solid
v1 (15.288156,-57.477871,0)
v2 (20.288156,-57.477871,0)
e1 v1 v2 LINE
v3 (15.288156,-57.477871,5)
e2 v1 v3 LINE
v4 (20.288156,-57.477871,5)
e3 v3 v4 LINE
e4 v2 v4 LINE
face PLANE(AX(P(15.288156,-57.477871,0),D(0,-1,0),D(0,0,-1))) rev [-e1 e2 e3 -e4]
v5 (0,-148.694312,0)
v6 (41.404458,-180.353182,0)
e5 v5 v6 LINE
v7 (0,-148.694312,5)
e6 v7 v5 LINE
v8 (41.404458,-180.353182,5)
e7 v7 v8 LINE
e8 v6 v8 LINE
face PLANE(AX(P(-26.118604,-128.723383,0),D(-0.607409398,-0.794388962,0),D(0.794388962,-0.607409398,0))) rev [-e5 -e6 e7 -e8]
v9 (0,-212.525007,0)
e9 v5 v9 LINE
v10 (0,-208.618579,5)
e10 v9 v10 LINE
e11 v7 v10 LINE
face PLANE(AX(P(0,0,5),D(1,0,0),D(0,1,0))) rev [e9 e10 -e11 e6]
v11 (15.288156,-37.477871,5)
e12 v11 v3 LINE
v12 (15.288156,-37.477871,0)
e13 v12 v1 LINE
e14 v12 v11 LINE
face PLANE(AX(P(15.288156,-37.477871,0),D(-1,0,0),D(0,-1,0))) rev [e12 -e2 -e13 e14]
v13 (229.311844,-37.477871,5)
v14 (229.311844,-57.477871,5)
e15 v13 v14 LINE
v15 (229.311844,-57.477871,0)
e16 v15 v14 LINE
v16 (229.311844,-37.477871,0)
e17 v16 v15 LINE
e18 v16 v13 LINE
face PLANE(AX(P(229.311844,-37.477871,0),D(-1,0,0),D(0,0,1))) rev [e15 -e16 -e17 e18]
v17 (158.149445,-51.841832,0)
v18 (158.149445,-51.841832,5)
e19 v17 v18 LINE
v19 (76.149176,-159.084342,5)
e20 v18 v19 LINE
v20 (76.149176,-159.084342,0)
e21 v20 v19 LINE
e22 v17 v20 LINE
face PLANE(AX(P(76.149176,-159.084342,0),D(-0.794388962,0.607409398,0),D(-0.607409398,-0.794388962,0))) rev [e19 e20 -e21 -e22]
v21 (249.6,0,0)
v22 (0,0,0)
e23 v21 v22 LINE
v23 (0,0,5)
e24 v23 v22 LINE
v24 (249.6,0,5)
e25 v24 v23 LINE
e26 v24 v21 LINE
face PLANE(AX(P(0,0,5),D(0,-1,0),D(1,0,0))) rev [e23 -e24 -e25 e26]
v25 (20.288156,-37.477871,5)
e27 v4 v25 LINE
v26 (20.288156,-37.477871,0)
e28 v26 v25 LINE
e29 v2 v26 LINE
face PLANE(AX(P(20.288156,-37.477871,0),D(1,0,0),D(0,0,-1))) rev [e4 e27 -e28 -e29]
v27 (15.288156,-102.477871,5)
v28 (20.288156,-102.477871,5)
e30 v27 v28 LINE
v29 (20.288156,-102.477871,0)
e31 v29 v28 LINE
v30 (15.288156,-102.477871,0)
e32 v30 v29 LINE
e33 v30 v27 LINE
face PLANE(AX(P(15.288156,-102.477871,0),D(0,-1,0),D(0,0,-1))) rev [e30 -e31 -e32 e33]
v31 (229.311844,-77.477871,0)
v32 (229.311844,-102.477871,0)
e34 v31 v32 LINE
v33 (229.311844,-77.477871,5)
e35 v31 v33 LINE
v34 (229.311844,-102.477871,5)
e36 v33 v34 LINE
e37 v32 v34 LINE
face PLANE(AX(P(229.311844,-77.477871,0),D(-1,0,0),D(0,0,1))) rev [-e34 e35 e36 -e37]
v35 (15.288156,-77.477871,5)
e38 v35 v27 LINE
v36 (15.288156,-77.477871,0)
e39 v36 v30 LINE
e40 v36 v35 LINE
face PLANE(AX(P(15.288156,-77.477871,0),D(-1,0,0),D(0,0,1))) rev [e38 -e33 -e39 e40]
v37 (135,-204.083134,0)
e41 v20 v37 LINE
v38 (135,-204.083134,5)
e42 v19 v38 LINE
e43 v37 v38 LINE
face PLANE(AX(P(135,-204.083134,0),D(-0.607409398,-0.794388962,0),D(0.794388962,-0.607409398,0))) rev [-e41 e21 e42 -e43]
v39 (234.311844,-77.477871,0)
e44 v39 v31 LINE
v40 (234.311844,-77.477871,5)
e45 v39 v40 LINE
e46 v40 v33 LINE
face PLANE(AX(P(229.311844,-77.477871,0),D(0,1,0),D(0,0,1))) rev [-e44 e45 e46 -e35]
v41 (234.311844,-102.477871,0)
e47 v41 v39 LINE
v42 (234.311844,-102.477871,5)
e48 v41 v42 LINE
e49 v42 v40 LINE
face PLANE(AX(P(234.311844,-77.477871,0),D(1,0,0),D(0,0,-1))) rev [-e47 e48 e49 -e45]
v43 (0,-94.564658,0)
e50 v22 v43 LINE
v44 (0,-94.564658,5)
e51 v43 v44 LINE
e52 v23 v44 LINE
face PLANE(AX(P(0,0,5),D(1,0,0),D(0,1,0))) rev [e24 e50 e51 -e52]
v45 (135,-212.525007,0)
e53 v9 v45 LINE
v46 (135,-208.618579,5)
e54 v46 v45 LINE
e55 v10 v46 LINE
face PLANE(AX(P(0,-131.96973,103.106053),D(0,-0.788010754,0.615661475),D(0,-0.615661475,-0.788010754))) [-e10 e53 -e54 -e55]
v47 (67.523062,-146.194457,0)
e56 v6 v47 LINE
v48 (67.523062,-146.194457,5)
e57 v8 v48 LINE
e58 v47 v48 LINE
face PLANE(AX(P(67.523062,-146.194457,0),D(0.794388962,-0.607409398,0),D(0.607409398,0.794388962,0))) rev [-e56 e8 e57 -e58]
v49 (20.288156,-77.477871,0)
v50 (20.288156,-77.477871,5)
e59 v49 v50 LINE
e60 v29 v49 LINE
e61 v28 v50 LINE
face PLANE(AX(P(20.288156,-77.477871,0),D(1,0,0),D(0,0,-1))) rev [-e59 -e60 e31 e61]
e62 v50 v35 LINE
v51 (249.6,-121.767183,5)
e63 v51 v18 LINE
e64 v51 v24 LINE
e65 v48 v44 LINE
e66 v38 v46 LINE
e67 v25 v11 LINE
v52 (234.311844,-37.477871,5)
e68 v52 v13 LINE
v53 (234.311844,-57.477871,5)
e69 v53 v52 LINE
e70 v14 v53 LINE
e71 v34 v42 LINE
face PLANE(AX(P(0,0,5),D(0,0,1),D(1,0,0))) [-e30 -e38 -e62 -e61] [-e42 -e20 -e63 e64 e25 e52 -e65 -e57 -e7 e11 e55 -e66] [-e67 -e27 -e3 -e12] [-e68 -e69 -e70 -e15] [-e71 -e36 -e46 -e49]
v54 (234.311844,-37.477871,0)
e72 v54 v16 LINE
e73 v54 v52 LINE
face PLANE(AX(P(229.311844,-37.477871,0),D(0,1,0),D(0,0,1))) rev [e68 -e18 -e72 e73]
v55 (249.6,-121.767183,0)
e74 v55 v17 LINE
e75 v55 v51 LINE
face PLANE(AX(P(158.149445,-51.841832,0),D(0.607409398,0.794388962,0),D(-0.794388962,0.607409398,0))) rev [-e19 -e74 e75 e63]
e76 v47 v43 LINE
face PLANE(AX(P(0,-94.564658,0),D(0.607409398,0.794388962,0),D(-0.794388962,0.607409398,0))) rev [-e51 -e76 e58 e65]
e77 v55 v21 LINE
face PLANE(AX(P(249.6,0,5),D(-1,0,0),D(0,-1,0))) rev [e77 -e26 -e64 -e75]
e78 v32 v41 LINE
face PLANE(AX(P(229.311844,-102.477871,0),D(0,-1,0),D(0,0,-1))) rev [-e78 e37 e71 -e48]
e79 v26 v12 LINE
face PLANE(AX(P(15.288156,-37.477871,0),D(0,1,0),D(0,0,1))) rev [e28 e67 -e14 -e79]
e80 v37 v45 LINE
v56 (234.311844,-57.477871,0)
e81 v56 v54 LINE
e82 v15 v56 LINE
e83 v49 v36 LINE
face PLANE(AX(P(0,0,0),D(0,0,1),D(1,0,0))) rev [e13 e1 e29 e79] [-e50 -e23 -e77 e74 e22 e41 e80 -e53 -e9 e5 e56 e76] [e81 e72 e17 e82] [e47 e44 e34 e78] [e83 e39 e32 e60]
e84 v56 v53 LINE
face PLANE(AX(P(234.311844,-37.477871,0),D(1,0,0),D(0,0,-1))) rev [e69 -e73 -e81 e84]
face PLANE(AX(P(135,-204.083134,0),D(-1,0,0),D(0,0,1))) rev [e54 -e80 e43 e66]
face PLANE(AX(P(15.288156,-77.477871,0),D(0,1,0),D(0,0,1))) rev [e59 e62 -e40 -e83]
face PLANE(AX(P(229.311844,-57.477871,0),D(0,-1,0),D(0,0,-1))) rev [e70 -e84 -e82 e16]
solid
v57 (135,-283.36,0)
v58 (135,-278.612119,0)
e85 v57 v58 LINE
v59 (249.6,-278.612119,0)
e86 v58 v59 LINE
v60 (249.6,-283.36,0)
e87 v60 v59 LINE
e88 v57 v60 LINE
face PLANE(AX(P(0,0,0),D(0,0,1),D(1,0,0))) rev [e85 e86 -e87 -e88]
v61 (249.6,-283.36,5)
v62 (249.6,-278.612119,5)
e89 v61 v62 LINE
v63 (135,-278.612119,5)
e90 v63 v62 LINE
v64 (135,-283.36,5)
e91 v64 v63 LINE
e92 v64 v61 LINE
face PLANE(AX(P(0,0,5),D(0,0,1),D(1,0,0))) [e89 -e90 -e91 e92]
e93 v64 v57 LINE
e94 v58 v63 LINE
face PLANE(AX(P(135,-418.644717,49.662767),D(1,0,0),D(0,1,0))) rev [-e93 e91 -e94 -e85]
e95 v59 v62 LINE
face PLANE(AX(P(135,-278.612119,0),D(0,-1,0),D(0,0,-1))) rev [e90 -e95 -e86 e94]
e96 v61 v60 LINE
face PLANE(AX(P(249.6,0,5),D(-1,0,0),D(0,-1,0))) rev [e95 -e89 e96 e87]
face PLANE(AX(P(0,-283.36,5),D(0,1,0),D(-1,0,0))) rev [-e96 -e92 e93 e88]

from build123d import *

# Parameters (mm, degrees)
SKETCH1_W           = 249.6
SKETCH1_H           = 283.36
BOSS_EXTRUDE1_DEPTH = 5
SKETCH3_W           = 135
SKETCH3_H           = 230.014345446
CUT_EXTRUDE1_DEPTH  = 193
CUT_EXTRUDE2_DEPTH  = 6
CUT_EXTRUDE3_DEPTH  = 6
SKETCH6_R           = 2.1
SKETCH6_R_2         = 4
CUT_EXTRUDE4_DEPTH  = 6
SKETCH7_W           = 5
SKETCH7_H           = 20
SKETCH7_H_2         = 25
CUT_EXTRUDE5_DEPTH  = 6


with BuildPart() as part:
    # Sketch1 → Boss-Extrude1 (new body)
    with BuildSketch(Plane.XY):
        with Locations((124.8, -141.68)):
            Rectangle(SKETCH1_W, SKETCH1_H)
    extrude(amount=BOSS_EXTRUDE1_DEPTH)

    # Sketch3 → Cut-Extrude1 (cut)
    with BuildSketch(Plane(origin=(0, -131.96972983, 103.10605305), x_dir=(1, 0, 0), z_dir=(0, 0.788010754, -0.615661475))):
        with Locations((67.5, 103.601456608)):
            Rectangle(SKETCH3_W, SKETCH3_H)
    extrude(amount=-CUT_EXTRUDE1_DEPTH, mode=Mode.SUBTRACT)

    # Sketch4 → Cut-Extrude2 (cut, through all)
    with BuildSketch(Plane.XY.offset(5)):
        Polygon((214.957001473, -95.278291976), (249.6, -121.767183305), (249.6, -278.612119258), (135, -278.612119258), (135, -204.083134422), (76.149175745, -159.084342324), (158.149444505, -51.841832454), align=None)
    extrude(amount=-CUT_EXTRUDE2_DEPTH, mode=Mode.SUBTRACT)

    # Sketch5 → Cut-Extrude3 (cut, through all)
    with BuildSketch(Plane.XY.offset(5)):
        Polygon((0, -94.564658056), (67.52306177, -146.194456905), (41.404457646, -180.353182271), (-26.118604124, -128.723383422), align=None)
    extrude(amount=-CUT_EXTRUDE3_DEPTH, mode=Mode.SUBTRACT)

    # Sketch6 → Cut-Extrude4 (cut, through all)
    with BuildSketch(Plane.XY.offset(5)):
        with Locations((763.495728001, -447.322738807)):
            Circle(SKETCH6_R)
        with Locations((787.807112022, -441.495509021)):
            Circle(SKETCH6_R)
        with Locations((793.634341808, -465.806893042)):
            Circle(SKETCH6_R)
        with Locations((769.322957787, -471.634122828)):
            Circle(SKETCH6_R)
        with Locations((797.713402658, -482.824861857)):
            Circle(SKETCH6_R)
        with Locations((773.402018637, -488.652091643)):
            Circle(SKETCH6_R)
        with Locations((784.392264691, -480.876199946)):
            Circle(SKETCH6_R_2)
        with Locations((778.565034905, -456.564815925)):
            Circle(SKETCH6_R_2)
    extrude(amount=-CUT_EXTRUDE4_DEPTH, mode=Mode.SUBTRACT)

    # Sketch7 → Cut-Extrude5 (cut, through all)
    with BuildSketch(Plane.XY.offset(5)):
        with Locations((17.788155616, -47.477871486)):
            Rectangle(SKETCH7_W, SKETCH7_H)
        with Locations((231.811844384, -47.477871486)):
            Rectangle(SKETCH7_W, SKETCH7_H)
        with Locations((17.788155616, -89.977871486)):
            Rectangle(SKETCH7_W, SKETCH7_H_2)
        with Locations((231.811844384, -89.977871486)):
            Rectangle(SKETCH7_W, SKETCH7_H_2)
    extrude(amount=-CUT_EXTRUDE5_DEPTH, mode=Mode.SUBTRACT)


solid = part.part
